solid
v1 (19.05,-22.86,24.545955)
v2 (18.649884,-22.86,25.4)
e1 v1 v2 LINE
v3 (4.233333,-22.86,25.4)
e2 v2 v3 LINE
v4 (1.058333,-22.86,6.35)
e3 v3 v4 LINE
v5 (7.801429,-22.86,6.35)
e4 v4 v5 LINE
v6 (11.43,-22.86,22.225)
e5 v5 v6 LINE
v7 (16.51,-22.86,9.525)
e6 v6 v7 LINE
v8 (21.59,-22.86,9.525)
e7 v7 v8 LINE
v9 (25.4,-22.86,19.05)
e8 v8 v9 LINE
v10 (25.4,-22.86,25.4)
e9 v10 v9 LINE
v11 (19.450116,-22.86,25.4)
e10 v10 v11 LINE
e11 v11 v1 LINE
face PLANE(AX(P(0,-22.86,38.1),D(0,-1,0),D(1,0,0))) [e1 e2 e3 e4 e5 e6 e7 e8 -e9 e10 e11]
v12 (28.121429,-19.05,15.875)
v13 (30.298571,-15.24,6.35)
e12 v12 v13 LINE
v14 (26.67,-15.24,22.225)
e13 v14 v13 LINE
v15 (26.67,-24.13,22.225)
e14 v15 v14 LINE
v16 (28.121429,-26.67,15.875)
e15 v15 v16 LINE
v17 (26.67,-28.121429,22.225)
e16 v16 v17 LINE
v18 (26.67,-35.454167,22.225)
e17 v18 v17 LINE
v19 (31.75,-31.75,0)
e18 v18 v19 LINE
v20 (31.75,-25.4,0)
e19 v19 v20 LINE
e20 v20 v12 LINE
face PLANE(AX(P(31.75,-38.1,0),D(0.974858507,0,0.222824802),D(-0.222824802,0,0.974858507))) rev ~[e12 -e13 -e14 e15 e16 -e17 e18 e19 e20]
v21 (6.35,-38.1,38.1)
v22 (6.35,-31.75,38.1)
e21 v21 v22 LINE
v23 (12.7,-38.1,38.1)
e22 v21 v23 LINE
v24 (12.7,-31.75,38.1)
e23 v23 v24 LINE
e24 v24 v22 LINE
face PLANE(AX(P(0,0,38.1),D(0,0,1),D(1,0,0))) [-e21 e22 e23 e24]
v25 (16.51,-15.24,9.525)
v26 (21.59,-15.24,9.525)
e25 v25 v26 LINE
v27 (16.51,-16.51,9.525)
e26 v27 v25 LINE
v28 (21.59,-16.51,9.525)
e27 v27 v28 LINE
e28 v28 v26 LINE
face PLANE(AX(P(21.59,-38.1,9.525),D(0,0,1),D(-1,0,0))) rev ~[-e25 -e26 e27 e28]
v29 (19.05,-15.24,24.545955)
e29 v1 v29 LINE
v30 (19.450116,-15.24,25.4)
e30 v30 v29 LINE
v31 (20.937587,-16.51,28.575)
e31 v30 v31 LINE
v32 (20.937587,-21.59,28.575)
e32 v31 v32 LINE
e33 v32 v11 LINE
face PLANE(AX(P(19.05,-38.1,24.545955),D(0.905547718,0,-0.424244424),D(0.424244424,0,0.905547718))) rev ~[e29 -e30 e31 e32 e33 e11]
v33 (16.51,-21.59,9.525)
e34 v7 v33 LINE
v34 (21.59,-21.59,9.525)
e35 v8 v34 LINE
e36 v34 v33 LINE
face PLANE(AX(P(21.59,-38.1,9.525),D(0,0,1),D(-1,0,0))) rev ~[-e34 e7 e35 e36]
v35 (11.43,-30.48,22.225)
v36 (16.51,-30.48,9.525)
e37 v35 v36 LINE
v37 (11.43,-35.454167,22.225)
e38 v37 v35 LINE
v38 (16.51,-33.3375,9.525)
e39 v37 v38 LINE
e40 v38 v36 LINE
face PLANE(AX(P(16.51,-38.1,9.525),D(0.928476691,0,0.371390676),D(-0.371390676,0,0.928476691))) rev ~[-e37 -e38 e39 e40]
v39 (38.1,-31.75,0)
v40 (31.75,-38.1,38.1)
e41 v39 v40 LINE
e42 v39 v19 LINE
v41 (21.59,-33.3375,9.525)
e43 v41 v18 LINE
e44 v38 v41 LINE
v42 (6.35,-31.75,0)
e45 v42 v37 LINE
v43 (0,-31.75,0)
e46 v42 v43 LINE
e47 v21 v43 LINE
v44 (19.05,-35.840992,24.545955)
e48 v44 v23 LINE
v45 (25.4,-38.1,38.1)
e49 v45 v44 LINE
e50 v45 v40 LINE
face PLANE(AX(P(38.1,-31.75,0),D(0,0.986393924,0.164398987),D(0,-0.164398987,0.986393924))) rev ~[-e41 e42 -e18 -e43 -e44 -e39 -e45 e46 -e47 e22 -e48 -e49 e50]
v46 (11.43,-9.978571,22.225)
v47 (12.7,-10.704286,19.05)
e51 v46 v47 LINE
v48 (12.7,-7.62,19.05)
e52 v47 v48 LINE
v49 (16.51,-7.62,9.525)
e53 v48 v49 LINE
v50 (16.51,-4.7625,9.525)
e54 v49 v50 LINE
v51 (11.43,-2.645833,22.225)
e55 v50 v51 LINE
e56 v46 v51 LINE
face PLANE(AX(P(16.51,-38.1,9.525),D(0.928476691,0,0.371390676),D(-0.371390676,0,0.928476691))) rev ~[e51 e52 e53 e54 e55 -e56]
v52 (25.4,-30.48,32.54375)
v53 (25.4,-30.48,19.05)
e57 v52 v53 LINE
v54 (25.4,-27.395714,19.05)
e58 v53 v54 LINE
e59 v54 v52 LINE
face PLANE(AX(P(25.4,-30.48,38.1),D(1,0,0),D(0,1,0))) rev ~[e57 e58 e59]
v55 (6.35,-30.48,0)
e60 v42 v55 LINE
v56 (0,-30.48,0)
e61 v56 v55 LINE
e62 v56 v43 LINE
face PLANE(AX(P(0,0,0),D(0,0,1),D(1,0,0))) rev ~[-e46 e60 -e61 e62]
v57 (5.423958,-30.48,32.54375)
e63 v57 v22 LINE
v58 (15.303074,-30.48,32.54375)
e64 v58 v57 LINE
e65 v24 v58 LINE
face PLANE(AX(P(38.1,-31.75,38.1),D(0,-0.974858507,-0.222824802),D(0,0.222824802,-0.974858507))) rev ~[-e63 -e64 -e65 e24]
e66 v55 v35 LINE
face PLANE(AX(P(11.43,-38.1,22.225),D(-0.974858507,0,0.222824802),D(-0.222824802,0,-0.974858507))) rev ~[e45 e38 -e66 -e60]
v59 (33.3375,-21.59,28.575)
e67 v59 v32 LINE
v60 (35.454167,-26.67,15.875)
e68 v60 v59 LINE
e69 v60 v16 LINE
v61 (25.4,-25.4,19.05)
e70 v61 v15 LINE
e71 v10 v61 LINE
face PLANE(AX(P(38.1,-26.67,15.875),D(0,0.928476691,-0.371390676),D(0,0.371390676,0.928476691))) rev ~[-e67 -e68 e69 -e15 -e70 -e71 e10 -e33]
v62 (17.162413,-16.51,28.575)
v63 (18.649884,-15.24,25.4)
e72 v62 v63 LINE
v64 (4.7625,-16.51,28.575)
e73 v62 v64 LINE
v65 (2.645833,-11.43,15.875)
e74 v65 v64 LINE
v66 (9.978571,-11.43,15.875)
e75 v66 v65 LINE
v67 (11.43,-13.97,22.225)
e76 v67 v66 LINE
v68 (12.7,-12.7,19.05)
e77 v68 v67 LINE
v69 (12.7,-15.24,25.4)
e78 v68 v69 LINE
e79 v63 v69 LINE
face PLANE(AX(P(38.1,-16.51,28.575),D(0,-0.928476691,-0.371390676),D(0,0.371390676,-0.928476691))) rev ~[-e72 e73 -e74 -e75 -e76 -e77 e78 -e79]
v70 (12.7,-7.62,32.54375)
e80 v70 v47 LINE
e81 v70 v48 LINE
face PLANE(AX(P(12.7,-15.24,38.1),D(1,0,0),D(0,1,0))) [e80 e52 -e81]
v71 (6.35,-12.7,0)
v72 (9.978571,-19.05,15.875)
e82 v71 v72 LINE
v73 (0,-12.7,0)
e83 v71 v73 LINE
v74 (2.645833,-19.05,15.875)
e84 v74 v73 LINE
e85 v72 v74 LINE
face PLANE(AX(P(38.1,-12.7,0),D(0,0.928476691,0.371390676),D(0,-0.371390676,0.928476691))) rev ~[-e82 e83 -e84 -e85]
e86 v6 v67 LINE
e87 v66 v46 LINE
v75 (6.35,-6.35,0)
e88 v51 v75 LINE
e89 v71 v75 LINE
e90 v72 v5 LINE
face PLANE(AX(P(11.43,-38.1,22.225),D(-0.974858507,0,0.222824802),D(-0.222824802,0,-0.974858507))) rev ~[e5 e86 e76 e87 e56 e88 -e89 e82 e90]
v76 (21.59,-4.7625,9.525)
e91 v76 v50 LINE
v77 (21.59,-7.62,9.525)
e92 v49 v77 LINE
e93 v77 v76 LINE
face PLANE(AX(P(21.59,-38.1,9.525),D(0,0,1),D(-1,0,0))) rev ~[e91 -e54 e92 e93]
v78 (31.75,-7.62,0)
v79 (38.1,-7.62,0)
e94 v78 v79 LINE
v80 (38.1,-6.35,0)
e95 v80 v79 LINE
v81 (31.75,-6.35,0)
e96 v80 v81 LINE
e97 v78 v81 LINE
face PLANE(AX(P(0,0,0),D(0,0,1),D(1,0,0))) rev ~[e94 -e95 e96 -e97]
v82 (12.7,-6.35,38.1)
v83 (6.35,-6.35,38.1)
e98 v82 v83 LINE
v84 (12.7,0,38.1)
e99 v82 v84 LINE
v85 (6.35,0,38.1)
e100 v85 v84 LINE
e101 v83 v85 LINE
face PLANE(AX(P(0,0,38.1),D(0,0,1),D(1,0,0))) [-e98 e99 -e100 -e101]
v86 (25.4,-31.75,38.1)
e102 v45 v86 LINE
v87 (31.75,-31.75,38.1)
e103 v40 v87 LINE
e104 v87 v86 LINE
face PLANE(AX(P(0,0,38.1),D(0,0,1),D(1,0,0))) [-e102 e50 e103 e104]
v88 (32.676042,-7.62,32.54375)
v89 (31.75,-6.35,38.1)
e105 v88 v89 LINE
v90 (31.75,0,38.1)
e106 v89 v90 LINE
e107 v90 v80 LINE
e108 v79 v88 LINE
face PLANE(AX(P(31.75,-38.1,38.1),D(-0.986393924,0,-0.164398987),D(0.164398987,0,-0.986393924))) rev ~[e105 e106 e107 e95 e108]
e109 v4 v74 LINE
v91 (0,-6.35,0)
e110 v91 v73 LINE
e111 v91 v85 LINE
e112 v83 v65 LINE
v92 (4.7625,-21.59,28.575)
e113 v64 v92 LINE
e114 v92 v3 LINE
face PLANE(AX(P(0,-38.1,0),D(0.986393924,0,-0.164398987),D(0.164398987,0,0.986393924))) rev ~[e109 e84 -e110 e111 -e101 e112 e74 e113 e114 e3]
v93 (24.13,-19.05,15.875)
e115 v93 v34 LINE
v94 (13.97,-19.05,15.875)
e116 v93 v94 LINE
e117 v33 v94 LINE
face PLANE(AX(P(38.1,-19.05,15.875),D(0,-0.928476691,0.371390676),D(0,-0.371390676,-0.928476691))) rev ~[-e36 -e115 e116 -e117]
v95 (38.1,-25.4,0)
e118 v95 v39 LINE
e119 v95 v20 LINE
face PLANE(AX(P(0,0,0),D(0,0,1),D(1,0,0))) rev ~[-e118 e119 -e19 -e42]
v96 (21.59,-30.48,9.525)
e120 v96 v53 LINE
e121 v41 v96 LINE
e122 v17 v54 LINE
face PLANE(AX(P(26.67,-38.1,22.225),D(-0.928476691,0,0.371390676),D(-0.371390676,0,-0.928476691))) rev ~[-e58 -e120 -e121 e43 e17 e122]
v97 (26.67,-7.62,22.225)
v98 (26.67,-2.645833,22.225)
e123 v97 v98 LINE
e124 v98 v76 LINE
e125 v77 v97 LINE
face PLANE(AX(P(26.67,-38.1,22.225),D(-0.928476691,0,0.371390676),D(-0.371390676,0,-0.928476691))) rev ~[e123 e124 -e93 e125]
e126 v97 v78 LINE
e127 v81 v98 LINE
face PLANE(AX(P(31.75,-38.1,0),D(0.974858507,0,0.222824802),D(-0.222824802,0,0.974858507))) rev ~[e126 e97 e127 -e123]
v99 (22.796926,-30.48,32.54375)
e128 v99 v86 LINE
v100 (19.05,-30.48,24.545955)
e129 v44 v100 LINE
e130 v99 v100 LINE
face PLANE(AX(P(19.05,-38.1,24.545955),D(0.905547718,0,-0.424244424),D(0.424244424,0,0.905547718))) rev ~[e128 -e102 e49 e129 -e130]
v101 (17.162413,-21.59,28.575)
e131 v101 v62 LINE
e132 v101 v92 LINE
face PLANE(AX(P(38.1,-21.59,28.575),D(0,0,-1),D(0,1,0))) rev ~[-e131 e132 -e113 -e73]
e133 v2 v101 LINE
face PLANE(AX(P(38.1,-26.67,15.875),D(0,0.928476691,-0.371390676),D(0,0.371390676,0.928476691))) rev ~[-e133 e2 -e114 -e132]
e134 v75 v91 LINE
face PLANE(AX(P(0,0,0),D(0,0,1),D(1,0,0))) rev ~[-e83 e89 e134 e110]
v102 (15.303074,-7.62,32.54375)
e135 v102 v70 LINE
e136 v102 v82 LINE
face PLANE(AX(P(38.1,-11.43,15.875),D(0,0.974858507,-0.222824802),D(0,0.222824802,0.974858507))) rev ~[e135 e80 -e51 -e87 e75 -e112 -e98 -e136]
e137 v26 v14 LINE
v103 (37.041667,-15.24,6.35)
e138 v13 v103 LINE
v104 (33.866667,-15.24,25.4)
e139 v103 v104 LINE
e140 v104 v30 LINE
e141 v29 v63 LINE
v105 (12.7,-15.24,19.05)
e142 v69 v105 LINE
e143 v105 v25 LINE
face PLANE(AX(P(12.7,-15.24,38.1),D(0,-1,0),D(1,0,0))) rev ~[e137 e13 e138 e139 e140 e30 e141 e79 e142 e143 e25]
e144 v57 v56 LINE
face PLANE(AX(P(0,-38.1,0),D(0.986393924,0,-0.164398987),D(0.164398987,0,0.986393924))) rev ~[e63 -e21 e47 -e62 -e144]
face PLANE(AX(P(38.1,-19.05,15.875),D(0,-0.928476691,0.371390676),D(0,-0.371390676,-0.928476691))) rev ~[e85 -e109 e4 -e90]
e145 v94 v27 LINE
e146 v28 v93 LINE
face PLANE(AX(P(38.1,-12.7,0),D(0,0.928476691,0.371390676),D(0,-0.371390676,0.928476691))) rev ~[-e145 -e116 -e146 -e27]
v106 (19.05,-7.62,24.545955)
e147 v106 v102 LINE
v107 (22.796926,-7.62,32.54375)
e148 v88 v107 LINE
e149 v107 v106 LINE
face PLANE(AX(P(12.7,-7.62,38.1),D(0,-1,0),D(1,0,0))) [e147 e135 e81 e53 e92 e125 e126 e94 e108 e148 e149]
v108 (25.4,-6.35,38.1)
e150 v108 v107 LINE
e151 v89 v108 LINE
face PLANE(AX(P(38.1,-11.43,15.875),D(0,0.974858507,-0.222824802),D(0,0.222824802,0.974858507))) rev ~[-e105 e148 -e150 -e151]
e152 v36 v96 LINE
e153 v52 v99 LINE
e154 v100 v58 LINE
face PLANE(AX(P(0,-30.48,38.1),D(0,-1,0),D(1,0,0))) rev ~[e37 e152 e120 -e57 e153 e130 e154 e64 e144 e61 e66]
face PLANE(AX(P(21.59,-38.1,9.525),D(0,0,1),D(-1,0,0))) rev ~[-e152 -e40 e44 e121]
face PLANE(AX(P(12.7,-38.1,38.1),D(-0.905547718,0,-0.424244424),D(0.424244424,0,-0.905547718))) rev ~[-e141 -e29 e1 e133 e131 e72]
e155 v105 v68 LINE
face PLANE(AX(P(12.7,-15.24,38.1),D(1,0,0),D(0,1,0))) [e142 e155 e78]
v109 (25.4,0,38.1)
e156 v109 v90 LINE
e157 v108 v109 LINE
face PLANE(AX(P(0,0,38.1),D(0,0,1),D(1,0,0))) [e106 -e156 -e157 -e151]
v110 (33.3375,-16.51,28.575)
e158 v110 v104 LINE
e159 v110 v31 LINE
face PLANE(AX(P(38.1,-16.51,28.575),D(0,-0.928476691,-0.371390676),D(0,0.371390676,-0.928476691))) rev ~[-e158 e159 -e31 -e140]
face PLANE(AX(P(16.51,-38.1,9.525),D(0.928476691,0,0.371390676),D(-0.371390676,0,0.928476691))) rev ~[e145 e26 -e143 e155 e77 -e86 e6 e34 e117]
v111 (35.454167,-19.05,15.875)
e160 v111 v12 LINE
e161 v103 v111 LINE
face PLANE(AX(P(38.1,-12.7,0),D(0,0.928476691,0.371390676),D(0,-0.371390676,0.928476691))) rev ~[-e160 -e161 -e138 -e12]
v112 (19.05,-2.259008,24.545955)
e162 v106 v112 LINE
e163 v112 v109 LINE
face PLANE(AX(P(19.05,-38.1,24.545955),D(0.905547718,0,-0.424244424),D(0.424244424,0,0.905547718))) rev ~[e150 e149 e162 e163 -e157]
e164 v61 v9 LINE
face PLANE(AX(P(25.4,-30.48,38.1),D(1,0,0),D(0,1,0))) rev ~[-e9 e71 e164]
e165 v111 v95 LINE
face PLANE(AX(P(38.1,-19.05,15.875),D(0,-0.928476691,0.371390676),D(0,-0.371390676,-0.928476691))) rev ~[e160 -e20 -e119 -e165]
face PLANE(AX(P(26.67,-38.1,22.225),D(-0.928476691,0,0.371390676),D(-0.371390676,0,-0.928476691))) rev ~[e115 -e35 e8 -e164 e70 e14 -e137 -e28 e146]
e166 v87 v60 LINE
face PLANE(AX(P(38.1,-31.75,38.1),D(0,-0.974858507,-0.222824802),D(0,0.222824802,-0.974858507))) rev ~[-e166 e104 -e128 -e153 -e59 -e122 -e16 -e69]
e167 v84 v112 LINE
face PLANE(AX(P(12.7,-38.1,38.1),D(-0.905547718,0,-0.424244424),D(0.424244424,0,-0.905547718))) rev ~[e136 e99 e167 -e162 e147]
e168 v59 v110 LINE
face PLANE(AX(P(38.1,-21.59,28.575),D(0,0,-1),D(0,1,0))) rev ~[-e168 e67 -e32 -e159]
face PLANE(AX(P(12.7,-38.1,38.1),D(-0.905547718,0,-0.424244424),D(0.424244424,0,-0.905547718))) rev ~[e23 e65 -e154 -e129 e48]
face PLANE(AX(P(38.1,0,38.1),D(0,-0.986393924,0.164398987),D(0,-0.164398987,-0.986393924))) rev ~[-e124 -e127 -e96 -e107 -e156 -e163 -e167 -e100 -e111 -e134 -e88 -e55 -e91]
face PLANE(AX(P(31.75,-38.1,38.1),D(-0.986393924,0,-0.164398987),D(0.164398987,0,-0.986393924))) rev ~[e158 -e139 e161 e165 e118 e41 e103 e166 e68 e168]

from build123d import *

# Parameters (mm, degrees)
F0_W      = 38.1
F0_H      = 38.1
F1_DEPTH  = 38.1
F6_DEPTH  = 38.1
F8_DEPTH  = 38.1
F9_W      = 25.4
F9_H      = 7.62
F10_DEPTH = 38.1


with BuildPart() as f1:
    # F0 (on Front) → F1 (new body)
    with BuildSketch(Plane.XZ):
        with Locations((19.05, 19.05)):
            Rectangle(F0_W, F0_H)
    extrude(amount=F1_DEPTH)

    # F5 (on offset) → F6 (cut)
    with BuildSketch(Plane.YZ.offset(38.1)):
        Polygon((-11.43, 15.875), (-6.35, 38.1), (-31.75, 38.1), (-26.67, 15.875), (-21.59, 28.575), (-16.51, 28.575), align=None)
        Polygon((-31.75, 0), (-38.1, 38.1), (-38.1, 0), align=None)
        Polygon((-6.35, 0), (0, 0), (0, 38.1), align=None)
        Polygon((-25.4, 0), (-12.7, 0), (-19.05, 15.875), align=None)
    extrude(amount=-F6_DEPTH, mode=Mode.SUBTRACT)

    # F7 (on offset) → F8 (cut)
    with BuildSketch(Plane.XZ.offset(38.1)):
        Polygon((25.4, 38.1), (12.7, 38.1), (19.05, 24.545955), align=None)
        Polygon((11.43, 22.225), (6.35, 0), (31.75, 0), (26.67, 22.225), (21.59, 9.525), (16.51, 9.525), align=None)
        Polygon((31.75, 38.1), (38.1, 0), (38.1, 38.1), align=None)
        Polygon((0, 38.1), (0, 0), (6.35, 38.1), align=None)
    extrude(amount=-F8_DEPTH, mode=Mode.SUBTRACT)

    # F9 (on offset) → F10 (cut)
    with BuildSketch(Plane.XY.offset(38.1)):
        with Locations((25.4, -11.43)):
            Rectangle(F9_W, F9_H)
        with Locations((12.7, -26.67)):
            Rectangle(F9_W, F9_H)
    extrude(amount=-F10_DEPTH, mode=Mode.SUBTRACT)


solid = f1.part
